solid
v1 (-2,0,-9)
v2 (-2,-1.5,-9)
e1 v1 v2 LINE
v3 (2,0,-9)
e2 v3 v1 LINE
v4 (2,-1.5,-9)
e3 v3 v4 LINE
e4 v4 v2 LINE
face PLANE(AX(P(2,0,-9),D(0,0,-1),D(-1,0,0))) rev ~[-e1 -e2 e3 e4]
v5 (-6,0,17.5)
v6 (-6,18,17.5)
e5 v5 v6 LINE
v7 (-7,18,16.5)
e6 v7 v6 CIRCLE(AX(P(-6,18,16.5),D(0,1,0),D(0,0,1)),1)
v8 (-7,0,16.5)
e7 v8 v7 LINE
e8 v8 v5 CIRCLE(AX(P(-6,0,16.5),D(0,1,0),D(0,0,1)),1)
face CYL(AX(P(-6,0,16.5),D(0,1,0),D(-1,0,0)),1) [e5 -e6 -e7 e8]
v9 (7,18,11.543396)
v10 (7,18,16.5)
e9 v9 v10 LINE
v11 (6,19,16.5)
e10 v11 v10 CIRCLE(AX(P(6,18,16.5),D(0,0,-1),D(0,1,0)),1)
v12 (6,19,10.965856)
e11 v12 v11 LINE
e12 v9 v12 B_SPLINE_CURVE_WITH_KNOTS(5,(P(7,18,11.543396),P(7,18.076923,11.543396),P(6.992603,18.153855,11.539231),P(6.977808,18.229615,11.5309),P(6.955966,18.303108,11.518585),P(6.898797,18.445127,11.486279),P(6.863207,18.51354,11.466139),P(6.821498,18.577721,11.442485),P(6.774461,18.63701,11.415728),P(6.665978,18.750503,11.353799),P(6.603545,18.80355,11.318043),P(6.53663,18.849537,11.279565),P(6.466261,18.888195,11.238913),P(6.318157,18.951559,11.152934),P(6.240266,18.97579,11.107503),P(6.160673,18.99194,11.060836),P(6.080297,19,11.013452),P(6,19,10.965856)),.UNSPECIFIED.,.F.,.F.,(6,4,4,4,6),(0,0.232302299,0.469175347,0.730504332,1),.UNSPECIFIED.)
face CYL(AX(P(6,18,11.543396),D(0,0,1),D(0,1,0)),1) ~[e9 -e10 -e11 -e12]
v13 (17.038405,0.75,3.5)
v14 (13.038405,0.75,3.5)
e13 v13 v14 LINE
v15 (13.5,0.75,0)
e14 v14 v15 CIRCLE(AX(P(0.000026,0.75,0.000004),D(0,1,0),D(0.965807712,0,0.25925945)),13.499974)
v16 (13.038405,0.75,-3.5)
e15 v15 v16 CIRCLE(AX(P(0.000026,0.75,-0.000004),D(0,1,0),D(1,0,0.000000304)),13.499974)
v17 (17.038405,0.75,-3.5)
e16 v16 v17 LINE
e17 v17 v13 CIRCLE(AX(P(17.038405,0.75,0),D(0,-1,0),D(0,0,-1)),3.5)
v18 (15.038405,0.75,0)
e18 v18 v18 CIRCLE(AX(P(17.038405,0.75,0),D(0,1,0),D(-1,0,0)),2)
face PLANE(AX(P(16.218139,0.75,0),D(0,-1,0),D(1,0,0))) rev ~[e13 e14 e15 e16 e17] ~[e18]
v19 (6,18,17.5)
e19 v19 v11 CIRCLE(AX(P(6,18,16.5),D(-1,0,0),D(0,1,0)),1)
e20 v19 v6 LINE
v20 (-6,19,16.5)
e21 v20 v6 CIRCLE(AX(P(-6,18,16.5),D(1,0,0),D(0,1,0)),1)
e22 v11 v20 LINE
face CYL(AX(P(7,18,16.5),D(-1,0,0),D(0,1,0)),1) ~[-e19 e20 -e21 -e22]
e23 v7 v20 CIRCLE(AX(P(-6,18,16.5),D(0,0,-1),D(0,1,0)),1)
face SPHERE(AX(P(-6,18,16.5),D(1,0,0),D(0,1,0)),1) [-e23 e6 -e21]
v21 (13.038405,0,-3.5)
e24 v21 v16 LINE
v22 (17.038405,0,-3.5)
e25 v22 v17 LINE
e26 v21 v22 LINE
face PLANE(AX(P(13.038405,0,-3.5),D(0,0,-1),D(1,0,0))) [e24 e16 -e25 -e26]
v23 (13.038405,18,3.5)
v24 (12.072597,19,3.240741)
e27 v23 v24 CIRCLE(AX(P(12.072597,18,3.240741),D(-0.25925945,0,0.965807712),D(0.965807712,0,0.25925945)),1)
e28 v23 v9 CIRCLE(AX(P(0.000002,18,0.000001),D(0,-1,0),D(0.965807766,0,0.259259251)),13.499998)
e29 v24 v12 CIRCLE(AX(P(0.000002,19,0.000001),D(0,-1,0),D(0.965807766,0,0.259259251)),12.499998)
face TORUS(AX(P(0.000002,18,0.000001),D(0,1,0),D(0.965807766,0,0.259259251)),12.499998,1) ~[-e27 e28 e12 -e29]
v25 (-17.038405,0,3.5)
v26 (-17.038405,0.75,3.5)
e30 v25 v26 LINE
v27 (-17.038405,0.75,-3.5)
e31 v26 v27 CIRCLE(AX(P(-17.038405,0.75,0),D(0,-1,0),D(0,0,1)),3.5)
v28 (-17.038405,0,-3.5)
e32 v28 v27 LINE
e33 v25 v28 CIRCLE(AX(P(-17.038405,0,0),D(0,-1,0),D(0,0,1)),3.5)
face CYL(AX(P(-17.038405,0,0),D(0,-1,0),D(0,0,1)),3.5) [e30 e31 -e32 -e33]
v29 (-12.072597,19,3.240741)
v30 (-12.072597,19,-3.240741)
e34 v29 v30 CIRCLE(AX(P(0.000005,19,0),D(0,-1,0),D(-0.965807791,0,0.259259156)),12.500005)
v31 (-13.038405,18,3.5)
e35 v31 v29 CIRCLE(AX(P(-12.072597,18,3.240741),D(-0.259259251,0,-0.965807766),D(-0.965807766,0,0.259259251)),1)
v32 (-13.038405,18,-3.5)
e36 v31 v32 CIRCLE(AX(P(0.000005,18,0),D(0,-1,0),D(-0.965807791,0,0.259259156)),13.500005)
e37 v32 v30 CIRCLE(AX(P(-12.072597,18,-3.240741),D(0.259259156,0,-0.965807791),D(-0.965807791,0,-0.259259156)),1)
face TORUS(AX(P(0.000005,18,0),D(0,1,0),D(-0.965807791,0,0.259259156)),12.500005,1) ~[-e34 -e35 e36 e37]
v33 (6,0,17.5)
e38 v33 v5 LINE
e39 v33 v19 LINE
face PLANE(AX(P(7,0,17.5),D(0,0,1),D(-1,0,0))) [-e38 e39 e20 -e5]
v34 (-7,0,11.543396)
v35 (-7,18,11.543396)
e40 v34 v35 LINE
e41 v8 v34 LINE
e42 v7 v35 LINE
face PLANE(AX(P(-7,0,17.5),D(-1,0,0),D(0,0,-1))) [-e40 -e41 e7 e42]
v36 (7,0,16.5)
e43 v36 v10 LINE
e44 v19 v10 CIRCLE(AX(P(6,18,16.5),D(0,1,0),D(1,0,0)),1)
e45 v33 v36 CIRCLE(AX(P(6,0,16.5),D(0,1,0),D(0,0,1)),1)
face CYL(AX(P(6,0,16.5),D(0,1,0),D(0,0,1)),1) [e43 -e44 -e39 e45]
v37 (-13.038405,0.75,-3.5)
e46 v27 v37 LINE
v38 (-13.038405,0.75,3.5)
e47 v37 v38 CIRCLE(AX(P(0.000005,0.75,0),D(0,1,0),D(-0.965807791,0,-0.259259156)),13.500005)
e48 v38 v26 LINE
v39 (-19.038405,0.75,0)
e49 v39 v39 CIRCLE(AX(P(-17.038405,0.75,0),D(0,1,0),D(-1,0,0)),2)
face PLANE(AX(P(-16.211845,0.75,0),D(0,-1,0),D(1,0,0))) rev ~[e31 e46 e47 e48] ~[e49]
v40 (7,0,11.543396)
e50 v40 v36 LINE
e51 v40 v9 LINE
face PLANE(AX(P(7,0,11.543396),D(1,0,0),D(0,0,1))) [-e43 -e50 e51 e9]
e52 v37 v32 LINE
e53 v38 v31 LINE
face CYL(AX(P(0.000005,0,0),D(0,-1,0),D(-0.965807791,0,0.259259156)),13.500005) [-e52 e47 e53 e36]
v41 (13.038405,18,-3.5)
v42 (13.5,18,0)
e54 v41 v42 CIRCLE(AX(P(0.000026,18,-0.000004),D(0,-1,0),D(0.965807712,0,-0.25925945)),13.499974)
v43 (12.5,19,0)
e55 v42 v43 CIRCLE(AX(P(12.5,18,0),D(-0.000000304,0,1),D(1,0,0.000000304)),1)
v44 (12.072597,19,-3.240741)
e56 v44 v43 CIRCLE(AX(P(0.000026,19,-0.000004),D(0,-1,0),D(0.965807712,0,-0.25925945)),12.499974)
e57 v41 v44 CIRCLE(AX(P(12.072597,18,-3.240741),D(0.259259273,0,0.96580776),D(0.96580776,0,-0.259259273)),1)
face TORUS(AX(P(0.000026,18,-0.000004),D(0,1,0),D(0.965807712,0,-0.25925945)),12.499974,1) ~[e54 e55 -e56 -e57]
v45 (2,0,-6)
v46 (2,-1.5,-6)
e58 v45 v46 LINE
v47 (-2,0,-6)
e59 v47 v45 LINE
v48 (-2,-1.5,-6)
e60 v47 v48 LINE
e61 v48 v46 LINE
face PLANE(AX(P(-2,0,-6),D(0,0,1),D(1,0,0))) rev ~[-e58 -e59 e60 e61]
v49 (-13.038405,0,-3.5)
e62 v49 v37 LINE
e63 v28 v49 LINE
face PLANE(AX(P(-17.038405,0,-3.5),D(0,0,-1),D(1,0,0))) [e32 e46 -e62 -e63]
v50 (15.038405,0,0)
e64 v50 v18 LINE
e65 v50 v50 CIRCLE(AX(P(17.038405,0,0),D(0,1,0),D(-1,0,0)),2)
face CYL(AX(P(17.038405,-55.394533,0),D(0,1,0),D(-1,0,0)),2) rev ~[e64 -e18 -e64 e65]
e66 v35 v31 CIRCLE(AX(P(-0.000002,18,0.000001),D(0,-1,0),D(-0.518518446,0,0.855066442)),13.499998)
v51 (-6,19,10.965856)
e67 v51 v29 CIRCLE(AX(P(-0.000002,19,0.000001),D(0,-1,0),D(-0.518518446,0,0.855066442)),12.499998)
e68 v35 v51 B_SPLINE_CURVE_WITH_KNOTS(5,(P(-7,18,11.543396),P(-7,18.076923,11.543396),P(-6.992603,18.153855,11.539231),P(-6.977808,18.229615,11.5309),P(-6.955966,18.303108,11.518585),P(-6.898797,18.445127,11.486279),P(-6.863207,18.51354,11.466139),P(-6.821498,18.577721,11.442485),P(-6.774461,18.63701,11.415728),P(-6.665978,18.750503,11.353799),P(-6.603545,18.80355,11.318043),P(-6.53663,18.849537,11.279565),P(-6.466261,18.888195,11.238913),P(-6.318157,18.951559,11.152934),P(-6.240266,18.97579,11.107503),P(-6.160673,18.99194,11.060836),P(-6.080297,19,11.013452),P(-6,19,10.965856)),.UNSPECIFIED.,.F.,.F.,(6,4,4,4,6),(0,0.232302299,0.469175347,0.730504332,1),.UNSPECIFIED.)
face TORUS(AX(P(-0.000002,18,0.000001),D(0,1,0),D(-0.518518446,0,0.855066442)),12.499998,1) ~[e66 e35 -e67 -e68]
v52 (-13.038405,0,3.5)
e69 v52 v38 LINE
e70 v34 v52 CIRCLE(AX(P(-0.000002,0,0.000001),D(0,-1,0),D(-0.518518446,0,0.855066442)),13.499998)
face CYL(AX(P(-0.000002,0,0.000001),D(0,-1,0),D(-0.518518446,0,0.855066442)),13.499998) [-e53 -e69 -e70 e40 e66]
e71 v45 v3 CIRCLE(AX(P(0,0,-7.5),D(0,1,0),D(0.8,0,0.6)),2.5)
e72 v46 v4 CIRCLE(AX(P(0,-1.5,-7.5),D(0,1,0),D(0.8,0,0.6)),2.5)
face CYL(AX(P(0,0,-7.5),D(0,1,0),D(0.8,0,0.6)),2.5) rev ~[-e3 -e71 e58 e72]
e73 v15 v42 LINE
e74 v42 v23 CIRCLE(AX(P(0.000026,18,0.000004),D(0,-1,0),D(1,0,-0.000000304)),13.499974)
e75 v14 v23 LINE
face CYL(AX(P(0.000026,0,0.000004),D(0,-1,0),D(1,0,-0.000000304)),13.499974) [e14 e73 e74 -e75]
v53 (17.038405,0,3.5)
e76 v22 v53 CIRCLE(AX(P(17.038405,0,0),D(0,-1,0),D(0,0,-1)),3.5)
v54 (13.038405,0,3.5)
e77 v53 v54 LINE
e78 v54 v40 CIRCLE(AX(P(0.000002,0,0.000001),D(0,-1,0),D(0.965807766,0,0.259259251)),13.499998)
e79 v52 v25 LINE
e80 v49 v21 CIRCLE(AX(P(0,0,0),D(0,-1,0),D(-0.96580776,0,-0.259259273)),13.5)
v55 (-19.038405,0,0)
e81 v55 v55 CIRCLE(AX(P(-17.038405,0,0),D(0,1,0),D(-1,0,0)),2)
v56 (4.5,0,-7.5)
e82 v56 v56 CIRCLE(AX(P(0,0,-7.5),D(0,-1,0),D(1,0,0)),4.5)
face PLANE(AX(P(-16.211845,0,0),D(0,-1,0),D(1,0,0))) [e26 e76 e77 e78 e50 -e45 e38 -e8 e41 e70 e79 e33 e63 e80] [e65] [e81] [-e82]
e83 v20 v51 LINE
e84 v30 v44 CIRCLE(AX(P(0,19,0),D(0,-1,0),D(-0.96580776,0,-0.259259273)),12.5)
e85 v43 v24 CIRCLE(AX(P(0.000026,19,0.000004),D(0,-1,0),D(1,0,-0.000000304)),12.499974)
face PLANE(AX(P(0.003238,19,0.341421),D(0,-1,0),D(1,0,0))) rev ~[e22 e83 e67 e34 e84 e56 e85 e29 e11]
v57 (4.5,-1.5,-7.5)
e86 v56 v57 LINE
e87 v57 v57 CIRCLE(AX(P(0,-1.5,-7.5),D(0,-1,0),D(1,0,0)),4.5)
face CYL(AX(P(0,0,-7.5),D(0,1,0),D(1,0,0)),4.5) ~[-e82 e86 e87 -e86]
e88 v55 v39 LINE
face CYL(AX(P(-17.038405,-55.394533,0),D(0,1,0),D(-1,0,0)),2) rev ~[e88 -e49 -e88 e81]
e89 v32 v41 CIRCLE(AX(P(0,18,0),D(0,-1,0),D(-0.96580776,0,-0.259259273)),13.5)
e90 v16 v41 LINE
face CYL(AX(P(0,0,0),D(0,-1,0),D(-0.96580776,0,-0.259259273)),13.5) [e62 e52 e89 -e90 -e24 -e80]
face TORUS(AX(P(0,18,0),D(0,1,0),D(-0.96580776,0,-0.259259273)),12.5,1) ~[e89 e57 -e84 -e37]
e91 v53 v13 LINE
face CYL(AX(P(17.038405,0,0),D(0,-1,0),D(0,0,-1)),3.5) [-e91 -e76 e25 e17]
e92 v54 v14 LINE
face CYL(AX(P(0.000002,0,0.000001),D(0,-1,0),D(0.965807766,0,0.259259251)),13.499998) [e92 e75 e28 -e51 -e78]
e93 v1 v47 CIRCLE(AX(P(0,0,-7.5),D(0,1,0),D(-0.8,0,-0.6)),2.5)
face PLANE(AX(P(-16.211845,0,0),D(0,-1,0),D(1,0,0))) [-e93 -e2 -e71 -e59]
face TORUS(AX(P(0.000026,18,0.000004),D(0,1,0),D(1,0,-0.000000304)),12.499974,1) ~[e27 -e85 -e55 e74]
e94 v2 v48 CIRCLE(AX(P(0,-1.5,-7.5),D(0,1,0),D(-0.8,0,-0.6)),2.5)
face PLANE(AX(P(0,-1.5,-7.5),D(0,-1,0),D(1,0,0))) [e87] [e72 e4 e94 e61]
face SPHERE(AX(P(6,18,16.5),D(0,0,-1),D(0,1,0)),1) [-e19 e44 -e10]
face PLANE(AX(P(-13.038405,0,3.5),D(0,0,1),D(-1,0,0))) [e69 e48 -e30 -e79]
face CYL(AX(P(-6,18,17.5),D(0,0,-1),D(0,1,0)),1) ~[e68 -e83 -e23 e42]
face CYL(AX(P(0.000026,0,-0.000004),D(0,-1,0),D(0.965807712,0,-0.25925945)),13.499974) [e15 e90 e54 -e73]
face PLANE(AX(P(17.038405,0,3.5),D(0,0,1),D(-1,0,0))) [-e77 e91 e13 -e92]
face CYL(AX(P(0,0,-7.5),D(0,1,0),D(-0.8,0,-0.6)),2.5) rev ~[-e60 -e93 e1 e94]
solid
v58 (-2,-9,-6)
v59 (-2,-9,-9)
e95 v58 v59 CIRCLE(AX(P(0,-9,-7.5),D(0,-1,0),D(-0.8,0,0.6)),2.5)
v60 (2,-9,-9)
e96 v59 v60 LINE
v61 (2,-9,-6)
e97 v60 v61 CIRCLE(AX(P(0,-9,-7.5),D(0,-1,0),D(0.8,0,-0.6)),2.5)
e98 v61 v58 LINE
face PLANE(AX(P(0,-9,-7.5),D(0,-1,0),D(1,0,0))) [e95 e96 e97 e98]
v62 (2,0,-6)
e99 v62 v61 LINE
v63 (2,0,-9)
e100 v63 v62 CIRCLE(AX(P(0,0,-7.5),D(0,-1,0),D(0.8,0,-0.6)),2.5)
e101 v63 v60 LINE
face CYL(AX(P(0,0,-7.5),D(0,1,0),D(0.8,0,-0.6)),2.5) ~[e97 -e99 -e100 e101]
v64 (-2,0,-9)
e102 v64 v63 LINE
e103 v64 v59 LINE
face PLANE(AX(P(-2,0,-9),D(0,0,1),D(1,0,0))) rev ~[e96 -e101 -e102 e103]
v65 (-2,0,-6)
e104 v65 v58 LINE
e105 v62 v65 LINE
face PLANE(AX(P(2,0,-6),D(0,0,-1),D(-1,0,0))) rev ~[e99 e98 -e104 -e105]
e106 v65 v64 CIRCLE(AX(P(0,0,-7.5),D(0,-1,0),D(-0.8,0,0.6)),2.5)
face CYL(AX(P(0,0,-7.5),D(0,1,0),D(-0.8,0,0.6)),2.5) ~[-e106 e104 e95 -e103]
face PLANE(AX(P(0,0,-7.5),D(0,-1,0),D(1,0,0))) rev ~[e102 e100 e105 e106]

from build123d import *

# Parameters (mm, degrees)
F0_R     = 4.5
F1_DEPTH = 19
F2_DEPTH = 0.75
F3_DEPTH = 1.5
F4_DEPTH = 9
F5_D     = 4
F6_R     = 1


with BuildPart() as f1:
    # F0 (on Front) → F1 (new body)
    with BuildSketch(Plane.XZ):
        with BuildLine():
            ThreePointArc((13.038405, -3.5), (13.384104, -1.765154), (13.5, 0))
            ThreePointArc((13.5, 0), (13.384104, 1.765154), (13.038405, 3.5))
            ThreePointArc((13.038405, 3.5), (10.796225, 8.105031), (7, 11.543396))
            ThreePointArc((7, 11.543396), (0, 13.5), (-7, 11.543396))
            ThreePointArc((-7, 11.543396), (-10.796225, 8.105031), (-13.038405, 3.5))
            ThreePointArc((-13.038405, 3.5), (-13.5, 0), (-13.038405, -3.5))
            ThreePointArc((-13.038405, -3.5), (0, -13.5), (13.038405, -3.5))
        make_face()
        with Locations((0, -7.5)):
            Circle(F0_R, mode=Mode.SUBTRACT)
        with Locations((0, -7.5)):
            Circle(F0_R)
        with BuildLine():
            ThreePointArc((-2, -9), (-2.5, -7.5), (-2, -6))
            Line((-2, -6), (2, -6))
            ThreePointArc((2, -6), (2.5, -7.5), (2, -9))
            Line((2, -9), (-2, -9))
        make_face(mode=Mode.SUBTRACT)
        with BuildLine():
            Line((2, -6), (-2, -6))
            ThreePointArc((-2, -6), (-2.5, -7.5), (-2, -9))
            Line((-2, -9), (2, -9))
            ThreePointArc((2, -9), (2.5, -7.5), (2, -6))
        make_face()
        with BuildLine():
            ThreePointArc((-7, 11.543396), (0, 13.5), (7, 11.543396))
            Line((7, 11.543396), (7, 17.5))
            Line((7, 17.5), (-7, 17.5))
            Line((-7, 17.5), (-7, 11.543396))
        make_face()
    extrude(amount=-F1_DEPTH)

    # F0 (on Front) → F2 (join)
    with BuildSketch(Plane.XZ):
        with BuildLine():
            Line((-17.038405, -3.5), (-13.038405, -3.5))
            ThreePointArc((-13.038405, -3.5), (-13.5, 0), (-13.038405, 3.5))
            Line((-13.038405, 3.5), (-17.038405, 3.5))
            ThreePointArc((-17.038405, 3.5), (-20.538405, 0), (-17.038405, -3.5))
        make_face()
        with BuildLine():
            ThreePointArc((13.038405, 3.5), (13.384104, 1.765154), (13.5, 0))
            ThreePointArc((13.5, 0), (13.384104, -1.765154), (13.038405, -3.5))
            Line((13.038405, -3.5), (17.038405, -3.5))
            ThreePointArc((17.038405, -3.5), (20.538405, 0), (17.038405, 3.5))
            Line((17.038405, 3.5), (13.038405, 3.5))
        make_face()
    extrude(amount=-F2_DEPTH)

    # F0 (on Front) → F3 (join)
    with BuildSketch(Plane.XZ):
        with Locations((0, -7.5)):
            Circle(F0_R)
        with BuildLine():
            ThreePointArc((-2, -9), (-2.5, -7.5), (-2, -6))
            Line((-2, -6), (2, -6))
            ThreePointArc((2, -6), (2.5, -7.5), (2, -9))
            Line((2, -9), (-2, -9))
        make_face(mode=Mode.SUBTRACT)
    extrude(amount=F3_DEPTH)

    # F5 (through all)
    with Locations(Plane.XZ):
        with Locations((-17.038405, 0), (17.038405, 0)):
            Hole(F5_D / 2)

    # F6
    f6_edges = [f1.edges().sort_by_distance(p)[0] for p in [
        (0, 19, -13.5),
        (7, 19, 14.521698),
        (0, 19, 17.5),
        (-7, 19, 14.521698),
        (7, 9.5, 17.5),
        (-7, 9.5, 17.5),
    ]]
    fillet(f6_edges, radius=F6_R)


with BuildPart() as f4:
    # F0 (on Front) → F4 (new body)
    with BuildSketch(Plane.XZ):
        with BuildLine():
            Line((2, -6), (-2, -6))
            ThreePointArc((-2, -6), (-2.5, -7.5), (-2, -9))
            Line((-2, -9), (2, -9))
            ThreePointArc((2, -9), (2.5, -7.5), (2, -6))
        make_face()
    extrude(amount=F4_DEPTH)


solid = Compound([f1.part, f4.part])
